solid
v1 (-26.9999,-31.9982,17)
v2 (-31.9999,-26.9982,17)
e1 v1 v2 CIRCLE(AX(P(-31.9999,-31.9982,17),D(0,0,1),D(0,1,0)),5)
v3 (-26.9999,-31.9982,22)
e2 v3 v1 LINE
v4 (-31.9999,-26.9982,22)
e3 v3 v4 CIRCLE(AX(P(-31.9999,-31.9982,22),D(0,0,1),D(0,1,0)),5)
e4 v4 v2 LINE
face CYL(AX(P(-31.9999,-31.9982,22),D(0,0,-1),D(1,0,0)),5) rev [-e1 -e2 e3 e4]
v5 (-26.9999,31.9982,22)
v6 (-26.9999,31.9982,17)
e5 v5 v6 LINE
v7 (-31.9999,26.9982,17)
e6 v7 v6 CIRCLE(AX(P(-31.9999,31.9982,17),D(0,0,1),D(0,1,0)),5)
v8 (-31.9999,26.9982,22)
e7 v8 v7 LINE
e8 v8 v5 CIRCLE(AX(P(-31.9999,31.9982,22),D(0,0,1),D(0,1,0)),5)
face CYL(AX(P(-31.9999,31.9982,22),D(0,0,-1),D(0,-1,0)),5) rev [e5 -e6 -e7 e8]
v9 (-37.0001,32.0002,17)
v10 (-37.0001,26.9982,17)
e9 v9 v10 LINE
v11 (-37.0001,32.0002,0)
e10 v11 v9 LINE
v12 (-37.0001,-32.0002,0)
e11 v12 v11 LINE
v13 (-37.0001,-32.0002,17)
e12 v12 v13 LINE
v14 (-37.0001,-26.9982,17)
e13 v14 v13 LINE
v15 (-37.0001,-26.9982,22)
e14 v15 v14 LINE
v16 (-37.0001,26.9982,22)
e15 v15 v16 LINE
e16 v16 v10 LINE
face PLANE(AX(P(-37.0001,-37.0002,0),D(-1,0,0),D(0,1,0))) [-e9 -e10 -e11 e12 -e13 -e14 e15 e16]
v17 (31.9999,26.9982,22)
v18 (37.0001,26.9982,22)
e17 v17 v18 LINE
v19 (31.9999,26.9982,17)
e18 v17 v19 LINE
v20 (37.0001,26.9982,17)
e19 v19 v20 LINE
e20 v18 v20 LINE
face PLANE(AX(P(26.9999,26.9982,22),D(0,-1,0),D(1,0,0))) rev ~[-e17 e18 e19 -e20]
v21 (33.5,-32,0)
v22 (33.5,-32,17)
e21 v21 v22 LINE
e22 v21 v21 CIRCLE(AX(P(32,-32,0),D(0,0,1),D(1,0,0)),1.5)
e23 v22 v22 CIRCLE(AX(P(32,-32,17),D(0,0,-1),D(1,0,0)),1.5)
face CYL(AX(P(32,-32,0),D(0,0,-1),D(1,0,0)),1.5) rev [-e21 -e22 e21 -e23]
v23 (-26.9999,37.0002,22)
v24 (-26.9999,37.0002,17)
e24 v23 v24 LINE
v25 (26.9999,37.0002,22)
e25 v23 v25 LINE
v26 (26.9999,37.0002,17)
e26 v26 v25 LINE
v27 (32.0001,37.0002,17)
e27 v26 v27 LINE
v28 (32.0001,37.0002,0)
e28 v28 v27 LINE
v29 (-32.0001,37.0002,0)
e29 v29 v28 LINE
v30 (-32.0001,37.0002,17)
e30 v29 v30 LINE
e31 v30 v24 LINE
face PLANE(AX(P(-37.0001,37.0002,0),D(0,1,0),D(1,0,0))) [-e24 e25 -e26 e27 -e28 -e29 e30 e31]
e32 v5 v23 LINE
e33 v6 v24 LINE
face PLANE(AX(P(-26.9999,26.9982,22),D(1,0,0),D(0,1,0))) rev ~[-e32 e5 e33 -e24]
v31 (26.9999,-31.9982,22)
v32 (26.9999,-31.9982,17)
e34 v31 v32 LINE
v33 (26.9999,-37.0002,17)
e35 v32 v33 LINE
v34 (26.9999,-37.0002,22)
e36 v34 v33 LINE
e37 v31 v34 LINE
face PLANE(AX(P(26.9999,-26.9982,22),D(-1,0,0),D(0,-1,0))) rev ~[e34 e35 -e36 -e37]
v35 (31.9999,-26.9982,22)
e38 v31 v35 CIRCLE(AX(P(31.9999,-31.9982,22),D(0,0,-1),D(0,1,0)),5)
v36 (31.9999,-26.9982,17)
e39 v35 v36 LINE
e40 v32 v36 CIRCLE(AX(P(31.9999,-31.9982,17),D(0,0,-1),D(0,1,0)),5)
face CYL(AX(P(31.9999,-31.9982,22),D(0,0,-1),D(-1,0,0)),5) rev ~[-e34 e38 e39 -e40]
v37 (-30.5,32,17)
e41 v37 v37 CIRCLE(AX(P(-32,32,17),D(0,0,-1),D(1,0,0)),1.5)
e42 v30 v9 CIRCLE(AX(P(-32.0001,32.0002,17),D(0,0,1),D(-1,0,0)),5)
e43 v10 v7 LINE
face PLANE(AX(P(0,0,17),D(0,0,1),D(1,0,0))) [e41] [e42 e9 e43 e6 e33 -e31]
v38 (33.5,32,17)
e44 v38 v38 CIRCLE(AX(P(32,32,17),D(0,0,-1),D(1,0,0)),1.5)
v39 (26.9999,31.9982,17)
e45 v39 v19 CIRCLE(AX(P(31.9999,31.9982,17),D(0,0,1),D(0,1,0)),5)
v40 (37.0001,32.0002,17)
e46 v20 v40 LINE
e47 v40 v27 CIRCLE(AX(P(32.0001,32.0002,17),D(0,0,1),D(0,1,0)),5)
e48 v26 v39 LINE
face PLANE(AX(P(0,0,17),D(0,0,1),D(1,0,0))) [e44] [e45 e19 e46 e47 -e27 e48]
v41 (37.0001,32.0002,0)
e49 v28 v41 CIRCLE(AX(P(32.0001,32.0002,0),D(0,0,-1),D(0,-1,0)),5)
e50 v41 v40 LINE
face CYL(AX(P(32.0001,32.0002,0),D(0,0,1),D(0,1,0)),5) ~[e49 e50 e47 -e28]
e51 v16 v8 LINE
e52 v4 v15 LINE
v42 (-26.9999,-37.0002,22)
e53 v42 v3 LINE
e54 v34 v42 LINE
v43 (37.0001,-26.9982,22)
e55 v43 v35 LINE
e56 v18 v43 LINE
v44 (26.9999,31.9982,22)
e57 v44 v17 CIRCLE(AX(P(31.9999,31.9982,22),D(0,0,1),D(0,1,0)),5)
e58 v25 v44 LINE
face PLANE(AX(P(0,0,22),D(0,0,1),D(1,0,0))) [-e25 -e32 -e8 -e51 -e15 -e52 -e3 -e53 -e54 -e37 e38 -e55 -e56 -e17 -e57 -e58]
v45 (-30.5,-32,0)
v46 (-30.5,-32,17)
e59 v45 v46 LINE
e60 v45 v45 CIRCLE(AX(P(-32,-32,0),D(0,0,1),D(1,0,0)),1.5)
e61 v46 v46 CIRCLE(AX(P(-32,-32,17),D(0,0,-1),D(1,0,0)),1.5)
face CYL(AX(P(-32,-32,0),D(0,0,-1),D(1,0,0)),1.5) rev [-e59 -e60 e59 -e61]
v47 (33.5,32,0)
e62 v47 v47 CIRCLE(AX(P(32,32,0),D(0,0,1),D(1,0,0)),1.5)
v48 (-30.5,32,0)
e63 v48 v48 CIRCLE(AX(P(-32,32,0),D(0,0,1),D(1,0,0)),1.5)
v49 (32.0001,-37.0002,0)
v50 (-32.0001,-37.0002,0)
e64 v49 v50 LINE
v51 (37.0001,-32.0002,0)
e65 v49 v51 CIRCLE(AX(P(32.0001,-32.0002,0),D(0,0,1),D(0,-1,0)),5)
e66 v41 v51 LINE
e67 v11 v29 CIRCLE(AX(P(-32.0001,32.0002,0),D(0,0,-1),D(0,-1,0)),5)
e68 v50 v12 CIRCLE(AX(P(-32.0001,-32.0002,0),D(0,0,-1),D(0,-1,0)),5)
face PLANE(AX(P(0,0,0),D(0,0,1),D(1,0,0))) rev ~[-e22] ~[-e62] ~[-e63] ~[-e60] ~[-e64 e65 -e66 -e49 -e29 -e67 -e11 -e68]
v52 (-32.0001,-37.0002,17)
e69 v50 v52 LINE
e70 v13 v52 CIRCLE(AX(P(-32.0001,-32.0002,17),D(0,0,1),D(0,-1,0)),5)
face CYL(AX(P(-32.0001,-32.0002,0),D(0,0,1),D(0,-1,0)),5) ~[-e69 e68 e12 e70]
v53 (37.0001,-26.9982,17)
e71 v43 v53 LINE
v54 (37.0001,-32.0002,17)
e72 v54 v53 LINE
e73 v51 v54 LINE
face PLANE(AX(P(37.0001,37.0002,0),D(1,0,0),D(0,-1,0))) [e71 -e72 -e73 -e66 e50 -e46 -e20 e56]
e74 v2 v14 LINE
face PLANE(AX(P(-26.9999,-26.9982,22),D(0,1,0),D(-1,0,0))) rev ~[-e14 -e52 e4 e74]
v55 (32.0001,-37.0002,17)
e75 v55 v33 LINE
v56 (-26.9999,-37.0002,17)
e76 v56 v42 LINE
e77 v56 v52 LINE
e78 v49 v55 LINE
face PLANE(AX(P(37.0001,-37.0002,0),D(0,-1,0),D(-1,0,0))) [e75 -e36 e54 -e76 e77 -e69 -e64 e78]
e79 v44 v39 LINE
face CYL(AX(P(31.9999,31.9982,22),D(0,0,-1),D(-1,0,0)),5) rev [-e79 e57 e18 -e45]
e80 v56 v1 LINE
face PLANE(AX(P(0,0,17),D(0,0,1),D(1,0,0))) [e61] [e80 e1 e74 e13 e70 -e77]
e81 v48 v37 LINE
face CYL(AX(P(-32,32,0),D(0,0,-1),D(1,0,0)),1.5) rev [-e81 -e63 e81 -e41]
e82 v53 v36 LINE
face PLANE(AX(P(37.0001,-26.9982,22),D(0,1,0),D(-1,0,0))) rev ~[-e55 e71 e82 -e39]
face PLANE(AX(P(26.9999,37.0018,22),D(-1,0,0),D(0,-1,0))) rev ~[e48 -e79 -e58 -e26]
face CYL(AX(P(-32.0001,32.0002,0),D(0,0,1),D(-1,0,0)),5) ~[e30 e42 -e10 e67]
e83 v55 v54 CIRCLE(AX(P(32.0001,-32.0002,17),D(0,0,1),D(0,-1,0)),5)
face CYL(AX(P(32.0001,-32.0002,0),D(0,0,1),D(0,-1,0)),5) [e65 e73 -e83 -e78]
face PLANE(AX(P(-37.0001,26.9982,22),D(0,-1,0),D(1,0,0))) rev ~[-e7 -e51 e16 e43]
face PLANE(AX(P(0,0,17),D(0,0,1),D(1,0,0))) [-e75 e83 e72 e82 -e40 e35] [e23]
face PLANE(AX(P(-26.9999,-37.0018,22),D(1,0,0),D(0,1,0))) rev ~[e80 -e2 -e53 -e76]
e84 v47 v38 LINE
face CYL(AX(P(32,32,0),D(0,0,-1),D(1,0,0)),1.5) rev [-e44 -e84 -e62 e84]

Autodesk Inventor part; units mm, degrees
ref_plane "YZ Plane" through (0, 0, 0) normal (1, 0, 0) x (0, 1, 0)
ref_plane "XZ Plane" through (0, 0, 0) normal (0, 1, 0) x (-1, 0, 0)
ref_plane "XY Plane" through (0, 0, 0) normal (0, 0, 1) x (1, 0, 0)
sketch "Sketch1" plane through (0, 0, 0) normal (0, 0, 1) x (1, 0, 0)
  line L0 (37.0001, -37.0002) -> (-37.0001, -37.0002)
  line L1 (-37.0001, -37.0002) -> (-37.0001, 37.0002)
  line L2 (-37.0001, 37.0002) -> (37.0001, 37.0002)
  line L3 (37.0001, 37.0002) -> (37.0001, -37.0002)
  line L4 (69.0001, -5.0002) -> (-5.0001, 69.0002) construction
  circle A0 centre (32, 32) radius 1.5
  circle A1 centre (32, -32) radius 1.5
  circle A2 centre (-32, 32) radius 1.5
  line L5 (5.0001, -69.0002) -> (-69.0001, 5.0002) construction
  circle A3 centre (-32, -32) radius 1.5
  line L6 (37.0001, -101.0002) -> (-37.0001, -26.9998) construction
  line L7 (5.0001, -69.0002) -> (-69.0001, 5.0002) construction
extrude "Extrusion1" add sketch "Sketch1" along normal blind 22
fillet "Fillet1" radius 5 4 edges at (-37.0001, 37.0002, 11) (37.0001, 37.0002, 11) (37.0001, -37.0002, 11) (-37.0001, -37.0002, 11)
sketch "Sketch2" plane through (0, 0, 0) normal (0, 0, -1) x (-1, 0, 0)
  point P0 (0, 0)
sketch "Sketch4" plane through (0, 0, 22) normal (0, 0, 1) x (1, 0, 0)
  point P0 (0, 0)
sketch "Sketch5" plane through (0, 0, 22) normal (0, 0, 1) x (1, 0, 0)
  line L0 (-37.0001, 32.0002) -> (-37.0001, -32.0002) projected
  line L1 (-26.9999, 37.0018) -> (-37.0001, 37.0018)
  line L2 (-37.0001, 37.0018) -> (-37.0001, 26.9982)
  line L3 (-37.0001, 26.9982) -> (-26.9999, 26.9982)
  line L4 (-26.9999, 26.9982) -> (-26.9999, 37.0018)
  circle A0 centre (-32, 32) radius 1.5 projected
  line L5 (-26.9999, 37.0018) -> (-37.0001, 26.9982) construction
  line L6 (-37.0001, 37.0018) -> (-26.9999, 26.9982) construction
  line L7 (37.0001, 37.0018) -> (26.9999, 37.0018)
  line L8 (26.9999, 37.0018) -> (26.9999, 26.9982)
  line L9 (26.9999, 26.9982) -> (37.0001, 26.9982)
  line L10 (37.0001, 26.9982) -> (37.0001, 37.0018)
  line L11 (37.0001, 37.0018) -> (26.9999, 26.9982) construction
  line L12 (26.9999, 37.0018) -> (37.0001, 26.9982) construction
  line L13 (-26.9999, -26.9982) -> (-37.0001, -26.9982)
  line L14 (-37.0001, -26.9982) -> (-37.0001, -37.0018)
  line L15 (-37.0001, -37.0018) -> (-26.9999, -37.0018)
  line L16 (-26.9999, -37.0018) -> (-26.9999, -26.9982)
  line L17 (-26.9999, -26.9982) -> (-37.0001, -37.0018) construction
  line L18 (-37.0001, -26.9982) -> (-26.9999, -37.0018) construction
  line L19 (37.0001, -26.9982) -> (26.9999, -37.0018) construction
  line L20 (37.0001, -37.0018) -> (37.0001, -26.9982)
  line L21 (26.9999, -37.0018) -> (37.0001, -37.0018)
  line L22 (26.9999, -26.9982) -> (26.9999, -37.0018)
  line L23 (37.0001, -26.9982) -> (26.9999, -26.9982)
  line L24 (26.9999, -26.9982) -> (37.0001, -37.0018) construction
  point P0 (0, 0)
extrude "Extrusion2" cut sketch "Sketch5" against normal blind 5 contours L2 L1 L4 L3 L0 | L13 L16 L15 L14 L0 | A0 | L10 L9 L8 L7 | L21 L22 L23 L20
fillet "Fillet2" radius 5 4 edges at (-26.9999, 26.9982, 19.5) (26.9999, 26.9982, 19.5) (-26.9999, -26.9982, 19.5) (26.9999, -26.9982, 19.5)
sketch "Sketch6" plane through (0, 0, 22) normal (0, 0, 1) x (1, 0, 0)
  line L0 (96.2626, 67.9332) -> (202.4541, 67.9332) construction
  line L1 (202.4541, 67.9332) -> (202.4541, -70.892) construction
  line L2 (202.4541, -70.892) -> (96.2626, -70.892) construction
  line L3 (96.2626, -70.892) -> (96.2626, 67.9332) construction
  point P0 (0, 0)
decal "Decal3"
properties part number "RTK-F9P-Sirius_rover"
